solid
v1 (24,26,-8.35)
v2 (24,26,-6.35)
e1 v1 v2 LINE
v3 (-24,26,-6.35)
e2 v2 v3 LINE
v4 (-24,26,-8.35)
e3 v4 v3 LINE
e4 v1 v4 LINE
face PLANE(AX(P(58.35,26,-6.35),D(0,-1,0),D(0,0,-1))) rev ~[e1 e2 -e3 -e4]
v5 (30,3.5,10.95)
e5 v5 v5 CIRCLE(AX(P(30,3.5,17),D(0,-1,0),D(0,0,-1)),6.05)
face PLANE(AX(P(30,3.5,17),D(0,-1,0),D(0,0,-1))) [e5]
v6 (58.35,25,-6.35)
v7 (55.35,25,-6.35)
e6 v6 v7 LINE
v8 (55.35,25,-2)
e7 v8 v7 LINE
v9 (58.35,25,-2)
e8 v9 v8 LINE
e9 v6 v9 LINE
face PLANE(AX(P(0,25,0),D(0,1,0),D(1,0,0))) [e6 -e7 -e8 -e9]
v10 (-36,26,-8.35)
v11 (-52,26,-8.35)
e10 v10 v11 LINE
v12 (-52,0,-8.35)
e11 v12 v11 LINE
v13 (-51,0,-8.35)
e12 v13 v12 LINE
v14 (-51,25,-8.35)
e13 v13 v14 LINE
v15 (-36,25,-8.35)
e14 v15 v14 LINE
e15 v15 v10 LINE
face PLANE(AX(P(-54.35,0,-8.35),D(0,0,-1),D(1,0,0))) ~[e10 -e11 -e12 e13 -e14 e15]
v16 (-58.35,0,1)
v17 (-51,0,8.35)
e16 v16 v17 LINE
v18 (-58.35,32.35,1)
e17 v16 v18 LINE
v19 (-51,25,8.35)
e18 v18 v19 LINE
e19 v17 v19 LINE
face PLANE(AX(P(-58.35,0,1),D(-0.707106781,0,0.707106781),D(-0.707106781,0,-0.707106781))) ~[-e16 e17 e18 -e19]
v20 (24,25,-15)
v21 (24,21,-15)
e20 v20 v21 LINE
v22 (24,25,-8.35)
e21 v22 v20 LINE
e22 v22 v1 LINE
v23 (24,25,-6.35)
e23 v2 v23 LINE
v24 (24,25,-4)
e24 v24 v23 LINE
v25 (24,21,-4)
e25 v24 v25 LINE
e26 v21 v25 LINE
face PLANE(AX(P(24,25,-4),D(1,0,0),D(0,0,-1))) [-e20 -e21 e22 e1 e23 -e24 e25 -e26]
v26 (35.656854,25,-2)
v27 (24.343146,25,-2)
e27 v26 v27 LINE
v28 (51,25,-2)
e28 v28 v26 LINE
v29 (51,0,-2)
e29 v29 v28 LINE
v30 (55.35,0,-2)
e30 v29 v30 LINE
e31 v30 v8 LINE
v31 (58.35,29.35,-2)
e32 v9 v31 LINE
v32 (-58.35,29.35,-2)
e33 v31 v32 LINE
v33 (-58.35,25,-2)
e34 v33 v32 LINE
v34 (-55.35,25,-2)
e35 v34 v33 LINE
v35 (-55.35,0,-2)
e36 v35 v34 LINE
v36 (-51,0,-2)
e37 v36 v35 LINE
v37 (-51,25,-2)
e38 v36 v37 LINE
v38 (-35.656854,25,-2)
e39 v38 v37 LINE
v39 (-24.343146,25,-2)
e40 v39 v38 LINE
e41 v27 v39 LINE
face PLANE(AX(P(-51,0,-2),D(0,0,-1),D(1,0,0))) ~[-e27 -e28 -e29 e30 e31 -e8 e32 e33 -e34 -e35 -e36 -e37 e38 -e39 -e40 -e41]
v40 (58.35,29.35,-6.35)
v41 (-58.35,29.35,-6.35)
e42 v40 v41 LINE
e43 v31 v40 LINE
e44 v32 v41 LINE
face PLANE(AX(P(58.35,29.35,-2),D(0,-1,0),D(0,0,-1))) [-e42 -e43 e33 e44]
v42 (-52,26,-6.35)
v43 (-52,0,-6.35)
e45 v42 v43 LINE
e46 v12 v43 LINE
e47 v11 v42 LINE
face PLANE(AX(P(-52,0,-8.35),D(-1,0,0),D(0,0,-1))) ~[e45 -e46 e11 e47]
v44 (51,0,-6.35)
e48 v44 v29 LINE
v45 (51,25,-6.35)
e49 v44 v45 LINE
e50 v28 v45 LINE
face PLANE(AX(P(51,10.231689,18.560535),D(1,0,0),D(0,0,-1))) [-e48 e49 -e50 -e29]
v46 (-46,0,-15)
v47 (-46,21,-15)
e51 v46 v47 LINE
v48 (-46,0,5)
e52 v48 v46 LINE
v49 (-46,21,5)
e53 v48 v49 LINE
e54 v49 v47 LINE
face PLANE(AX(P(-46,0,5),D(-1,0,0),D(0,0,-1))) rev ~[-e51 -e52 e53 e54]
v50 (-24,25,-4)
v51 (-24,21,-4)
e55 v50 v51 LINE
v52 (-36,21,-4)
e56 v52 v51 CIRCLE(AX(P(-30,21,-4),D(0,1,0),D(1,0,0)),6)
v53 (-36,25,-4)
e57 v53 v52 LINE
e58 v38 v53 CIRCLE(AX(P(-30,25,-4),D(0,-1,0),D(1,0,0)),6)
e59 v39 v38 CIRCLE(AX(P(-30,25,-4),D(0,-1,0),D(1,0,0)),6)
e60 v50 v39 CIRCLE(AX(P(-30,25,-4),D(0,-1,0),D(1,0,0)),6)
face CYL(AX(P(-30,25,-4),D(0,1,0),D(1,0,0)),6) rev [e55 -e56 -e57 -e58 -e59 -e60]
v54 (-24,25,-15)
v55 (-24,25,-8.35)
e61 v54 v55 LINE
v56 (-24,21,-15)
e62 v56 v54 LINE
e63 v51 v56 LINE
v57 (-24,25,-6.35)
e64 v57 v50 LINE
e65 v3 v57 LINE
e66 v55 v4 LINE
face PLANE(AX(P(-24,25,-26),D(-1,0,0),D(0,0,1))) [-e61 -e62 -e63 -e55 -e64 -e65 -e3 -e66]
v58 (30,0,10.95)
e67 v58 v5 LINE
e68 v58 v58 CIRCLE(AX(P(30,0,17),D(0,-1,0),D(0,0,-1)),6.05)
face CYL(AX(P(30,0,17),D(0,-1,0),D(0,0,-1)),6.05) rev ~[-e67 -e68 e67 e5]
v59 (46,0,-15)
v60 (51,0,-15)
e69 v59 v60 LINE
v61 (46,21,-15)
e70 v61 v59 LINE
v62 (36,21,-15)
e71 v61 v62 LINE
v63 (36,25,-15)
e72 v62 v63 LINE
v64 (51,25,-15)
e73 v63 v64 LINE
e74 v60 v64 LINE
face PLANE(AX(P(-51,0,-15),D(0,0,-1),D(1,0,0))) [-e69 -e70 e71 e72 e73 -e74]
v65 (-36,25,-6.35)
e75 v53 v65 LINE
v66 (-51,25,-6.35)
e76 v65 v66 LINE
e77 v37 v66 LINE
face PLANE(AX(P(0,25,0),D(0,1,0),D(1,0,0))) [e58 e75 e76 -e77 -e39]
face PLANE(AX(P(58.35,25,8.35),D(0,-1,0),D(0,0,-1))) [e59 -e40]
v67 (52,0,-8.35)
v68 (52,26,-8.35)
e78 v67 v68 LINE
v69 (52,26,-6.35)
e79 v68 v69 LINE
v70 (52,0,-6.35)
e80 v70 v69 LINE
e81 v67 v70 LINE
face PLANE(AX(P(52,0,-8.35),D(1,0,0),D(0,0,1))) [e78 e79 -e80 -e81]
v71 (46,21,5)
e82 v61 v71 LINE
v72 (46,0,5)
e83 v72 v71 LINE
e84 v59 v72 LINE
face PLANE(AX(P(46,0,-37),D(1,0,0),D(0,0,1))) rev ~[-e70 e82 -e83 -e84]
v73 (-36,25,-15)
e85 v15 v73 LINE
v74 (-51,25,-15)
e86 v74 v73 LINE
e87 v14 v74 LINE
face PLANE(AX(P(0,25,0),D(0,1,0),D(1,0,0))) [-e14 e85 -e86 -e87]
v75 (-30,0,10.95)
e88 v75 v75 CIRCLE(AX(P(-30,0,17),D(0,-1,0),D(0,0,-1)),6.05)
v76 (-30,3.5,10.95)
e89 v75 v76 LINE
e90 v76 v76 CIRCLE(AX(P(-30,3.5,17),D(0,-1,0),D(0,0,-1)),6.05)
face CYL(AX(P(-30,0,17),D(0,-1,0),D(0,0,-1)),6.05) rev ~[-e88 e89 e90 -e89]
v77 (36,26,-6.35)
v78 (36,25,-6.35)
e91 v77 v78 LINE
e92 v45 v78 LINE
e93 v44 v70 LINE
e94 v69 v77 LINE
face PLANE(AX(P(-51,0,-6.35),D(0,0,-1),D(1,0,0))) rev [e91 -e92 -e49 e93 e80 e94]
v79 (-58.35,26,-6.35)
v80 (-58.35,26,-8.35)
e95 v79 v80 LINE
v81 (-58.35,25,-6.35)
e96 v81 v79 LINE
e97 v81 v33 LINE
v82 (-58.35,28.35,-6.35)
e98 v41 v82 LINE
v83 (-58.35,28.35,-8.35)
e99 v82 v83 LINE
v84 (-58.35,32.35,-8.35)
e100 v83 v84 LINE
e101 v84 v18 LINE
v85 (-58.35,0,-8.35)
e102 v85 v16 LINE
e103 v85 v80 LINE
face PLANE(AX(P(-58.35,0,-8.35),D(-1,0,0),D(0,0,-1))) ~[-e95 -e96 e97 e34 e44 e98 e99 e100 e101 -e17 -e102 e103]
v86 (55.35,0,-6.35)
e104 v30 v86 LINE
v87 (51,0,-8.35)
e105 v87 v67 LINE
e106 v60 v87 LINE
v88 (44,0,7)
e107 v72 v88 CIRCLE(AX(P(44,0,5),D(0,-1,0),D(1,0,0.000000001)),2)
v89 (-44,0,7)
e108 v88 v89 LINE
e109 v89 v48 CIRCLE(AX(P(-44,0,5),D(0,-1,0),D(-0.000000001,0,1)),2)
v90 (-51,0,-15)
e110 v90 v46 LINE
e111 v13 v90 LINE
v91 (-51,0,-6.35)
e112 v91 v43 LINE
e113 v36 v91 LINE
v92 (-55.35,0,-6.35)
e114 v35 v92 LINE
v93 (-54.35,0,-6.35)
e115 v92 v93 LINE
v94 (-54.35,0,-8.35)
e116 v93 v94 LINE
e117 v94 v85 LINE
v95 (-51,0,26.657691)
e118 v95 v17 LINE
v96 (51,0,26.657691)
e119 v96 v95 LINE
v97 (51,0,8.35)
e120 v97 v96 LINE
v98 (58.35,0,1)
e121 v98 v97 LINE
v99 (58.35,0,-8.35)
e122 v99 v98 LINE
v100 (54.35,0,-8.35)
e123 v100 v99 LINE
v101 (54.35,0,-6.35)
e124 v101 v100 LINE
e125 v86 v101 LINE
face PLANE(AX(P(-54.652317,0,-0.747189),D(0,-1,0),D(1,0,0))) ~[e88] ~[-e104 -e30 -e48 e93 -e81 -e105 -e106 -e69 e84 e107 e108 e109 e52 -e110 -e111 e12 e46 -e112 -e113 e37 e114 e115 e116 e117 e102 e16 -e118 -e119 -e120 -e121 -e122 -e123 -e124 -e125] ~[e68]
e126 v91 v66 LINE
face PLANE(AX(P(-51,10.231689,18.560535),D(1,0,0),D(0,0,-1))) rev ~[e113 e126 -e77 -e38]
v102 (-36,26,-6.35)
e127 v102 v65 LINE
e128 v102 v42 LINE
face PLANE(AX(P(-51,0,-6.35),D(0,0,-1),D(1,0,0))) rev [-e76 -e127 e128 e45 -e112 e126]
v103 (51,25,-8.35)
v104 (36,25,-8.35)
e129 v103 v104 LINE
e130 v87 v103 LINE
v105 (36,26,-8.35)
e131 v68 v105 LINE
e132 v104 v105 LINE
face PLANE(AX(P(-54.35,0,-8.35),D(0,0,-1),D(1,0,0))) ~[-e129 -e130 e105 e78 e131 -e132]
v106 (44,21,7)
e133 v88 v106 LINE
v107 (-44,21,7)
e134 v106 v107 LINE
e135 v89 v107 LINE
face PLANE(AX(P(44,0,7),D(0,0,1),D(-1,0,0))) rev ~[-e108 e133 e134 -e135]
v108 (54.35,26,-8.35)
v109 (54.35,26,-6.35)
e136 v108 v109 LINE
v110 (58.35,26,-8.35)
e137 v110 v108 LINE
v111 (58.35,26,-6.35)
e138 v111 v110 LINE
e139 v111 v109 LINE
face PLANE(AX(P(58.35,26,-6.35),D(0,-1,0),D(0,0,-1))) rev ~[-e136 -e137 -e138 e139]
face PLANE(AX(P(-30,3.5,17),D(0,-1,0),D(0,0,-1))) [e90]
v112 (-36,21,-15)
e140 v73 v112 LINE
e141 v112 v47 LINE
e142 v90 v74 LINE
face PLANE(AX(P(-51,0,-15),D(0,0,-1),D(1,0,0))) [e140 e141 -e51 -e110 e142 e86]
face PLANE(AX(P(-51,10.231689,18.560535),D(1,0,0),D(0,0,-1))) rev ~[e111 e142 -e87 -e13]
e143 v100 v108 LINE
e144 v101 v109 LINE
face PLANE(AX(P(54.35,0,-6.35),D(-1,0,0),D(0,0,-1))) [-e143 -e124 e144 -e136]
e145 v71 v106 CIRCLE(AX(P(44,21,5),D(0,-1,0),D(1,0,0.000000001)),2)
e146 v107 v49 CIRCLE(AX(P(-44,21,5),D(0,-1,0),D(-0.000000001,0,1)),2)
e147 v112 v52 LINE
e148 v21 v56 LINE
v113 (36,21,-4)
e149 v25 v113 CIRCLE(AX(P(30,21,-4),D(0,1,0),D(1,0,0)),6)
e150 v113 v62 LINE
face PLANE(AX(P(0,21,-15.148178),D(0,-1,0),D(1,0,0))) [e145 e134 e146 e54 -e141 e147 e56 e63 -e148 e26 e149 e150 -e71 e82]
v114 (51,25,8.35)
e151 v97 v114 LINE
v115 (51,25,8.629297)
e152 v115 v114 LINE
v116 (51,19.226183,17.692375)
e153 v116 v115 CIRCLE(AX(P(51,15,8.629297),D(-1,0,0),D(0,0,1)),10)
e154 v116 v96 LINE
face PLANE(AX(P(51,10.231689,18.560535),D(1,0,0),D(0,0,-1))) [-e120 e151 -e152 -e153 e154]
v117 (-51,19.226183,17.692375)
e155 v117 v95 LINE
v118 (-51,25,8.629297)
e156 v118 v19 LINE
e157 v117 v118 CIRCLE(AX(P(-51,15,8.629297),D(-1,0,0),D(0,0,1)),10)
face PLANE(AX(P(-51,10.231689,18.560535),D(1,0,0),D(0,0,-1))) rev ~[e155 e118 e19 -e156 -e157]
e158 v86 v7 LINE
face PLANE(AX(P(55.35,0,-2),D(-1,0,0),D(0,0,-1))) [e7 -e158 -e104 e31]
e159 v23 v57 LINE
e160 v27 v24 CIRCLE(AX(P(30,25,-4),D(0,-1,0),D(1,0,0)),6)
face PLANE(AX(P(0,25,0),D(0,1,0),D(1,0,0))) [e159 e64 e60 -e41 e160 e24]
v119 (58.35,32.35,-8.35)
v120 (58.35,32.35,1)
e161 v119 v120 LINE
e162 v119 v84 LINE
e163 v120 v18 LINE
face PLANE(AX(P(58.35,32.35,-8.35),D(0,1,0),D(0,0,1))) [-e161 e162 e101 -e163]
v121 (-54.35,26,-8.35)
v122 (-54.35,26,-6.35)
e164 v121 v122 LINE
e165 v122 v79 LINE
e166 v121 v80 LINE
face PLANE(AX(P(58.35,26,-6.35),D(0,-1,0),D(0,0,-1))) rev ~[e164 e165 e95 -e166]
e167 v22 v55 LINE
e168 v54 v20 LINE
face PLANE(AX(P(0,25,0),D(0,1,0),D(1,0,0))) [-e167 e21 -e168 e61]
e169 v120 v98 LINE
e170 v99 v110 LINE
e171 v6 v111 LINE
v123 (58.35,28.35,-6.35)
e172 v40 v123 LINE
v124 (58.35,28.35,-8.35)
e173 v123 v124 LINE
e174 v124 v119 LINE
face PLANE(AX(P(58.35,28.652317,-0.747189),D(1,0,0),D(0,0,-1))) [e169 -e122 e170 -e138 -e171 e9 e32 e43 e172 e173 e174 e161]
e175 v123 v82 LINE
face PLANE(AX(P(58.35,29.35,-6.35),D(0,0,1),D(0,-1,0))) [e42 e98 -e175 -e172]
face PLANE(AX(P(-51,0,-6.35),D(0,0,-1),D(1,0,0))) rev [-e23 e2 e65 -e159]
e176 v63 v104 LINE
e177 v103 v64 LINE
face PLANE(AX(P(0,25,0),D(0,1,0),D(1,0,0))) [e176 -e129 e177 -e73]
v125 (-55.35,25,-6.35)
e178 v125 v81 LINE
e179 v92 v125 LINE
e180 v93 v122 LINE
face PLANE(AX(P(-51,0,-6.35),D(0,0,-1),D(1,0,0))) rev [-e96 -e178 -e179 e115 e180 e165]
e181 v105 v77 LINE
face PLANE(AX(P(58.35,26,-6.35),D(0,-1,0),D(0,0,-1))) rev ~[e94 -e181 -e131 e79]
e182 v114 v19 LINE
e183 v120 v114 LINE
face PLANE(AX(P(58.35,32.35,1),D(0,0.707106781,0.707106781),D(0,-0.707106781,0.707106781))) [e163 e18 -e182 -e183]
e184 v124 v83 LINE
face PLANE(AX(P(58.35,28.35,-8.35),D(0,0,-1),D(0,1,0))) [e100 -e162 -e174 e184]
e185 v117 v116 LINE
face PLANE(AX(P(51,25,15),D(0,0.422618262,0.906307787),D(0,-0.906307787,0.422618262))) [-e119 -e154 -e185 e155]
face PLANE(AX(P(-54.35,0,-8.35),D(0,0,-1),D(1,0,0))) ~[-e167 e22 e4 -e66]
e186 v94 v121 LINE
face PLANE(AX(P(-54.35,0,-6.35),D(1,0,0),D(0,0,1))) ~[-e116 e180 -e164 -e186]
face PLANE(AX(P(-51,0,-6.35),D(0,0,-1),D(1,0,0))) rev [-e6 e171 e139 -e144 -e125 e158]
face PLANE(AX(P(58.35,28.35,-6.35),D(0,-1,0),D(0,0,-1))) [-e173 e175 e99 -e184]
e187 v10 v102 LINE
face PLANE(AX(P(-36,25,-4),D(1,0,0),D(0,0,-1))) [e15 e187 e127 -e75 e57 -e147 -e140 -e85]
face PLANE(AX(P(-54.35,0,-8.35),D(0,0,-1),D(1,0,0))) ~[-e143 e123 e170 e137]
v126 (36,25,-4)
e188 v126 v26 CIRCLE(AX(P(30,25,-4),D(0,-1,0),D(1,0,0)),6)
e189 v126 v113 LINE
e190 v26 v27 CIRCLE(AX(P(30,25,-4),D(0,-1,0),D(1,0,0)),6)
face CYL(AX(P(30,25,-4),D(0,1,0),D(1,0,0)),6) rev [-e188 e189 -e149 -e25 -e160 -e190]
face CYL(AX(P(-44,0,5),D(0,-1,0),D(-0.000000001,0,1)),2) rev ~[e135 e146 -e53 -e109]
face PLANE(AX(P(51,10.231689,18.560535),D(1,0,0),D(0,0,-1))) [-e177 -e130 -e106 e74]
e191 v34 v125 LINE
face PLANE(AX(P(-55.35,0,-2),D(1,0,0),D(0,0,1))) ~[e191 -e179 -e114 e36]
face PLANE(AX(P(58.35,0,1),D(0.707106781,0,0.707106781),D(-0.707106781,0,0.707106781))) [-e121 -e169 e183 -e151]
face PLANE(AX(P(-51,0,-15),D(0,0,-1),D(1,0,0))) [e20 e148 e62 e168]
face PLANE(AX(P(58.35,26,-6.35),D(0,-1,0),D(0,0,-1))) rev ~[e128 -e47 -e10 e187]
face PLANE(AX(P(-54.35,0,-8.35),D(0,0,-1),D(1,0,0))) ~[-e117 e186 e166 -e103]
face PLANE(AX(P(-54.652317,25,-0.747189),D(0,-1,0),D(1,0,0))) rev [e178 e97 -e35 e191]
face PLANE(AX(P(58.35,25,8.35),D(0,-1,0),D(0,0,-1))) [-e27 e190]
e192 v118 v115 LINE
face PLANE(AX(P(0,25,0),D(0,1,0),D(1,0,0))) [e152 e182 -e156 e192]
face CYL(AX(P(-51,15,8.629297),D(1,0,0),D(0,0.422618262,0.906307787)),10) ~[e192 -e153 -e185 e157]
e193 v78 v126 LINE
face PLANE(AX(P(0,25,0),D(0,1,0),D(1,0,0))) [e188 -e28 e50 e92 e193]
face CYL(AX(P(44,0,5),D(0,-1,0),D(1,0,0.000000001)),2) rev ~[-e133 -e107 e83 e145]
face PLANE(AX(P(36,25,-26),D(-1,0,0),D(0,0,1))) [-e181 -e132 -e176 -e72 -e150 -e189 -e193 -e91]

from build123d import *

# Parameters (mm, degrees)
SKETCH1_W           = 102
SKETCH1_H           = 30
BOSS_EXTRUDE1_DEPTH = 25
CUT_EXTRUDE1_DEPTH  = 21
BOSS_EXTRUDE2_DEPTH = 102
SKETCH4_R           = 6.05
CUT_EXTRUDE2_DEPTH  = 3.5
FILLET1_R           = 10
CUT_EXTRUDE3_DEPTH  = 23.5
SKETCH6_W           = 1
SKETCH6_H           = 2
BOSS_EXTRUDE3_DEPTH = 25
SKETCH7_W           = 2
SKETCH7_H           = 1
BOSS_EXTRUDE4_DEPTH = 116.7
CUT_EXTRUDE4_DEPTH  = 7.35
SKETCH9_W           = 2.35
SKETCH9_H           = 1
SKETCH9_W_2         = 12
CUT_EXTRUDE5_DEPTH  = 3


with BuildPart() as part:
    # Sketch1 → Boss-Extrude1 (new body)
    with BuildSketch(Plane(origin=(0, 0, 0), x_dir=(1, 0, 0), z_dir=(0, 1, 0))):
        Rectangle(SKETCH1_W, SKETCH1_H)
    extrude(amount=BOSS_EXTRUDE1_DEPTH)

    # Sketch2 → Cut-Extrude1 (cut)
    with BuildSketch(Plane.XZ):
        with BuildLine():
            Line((-46, -37), (46, -37))
            Line((46, -37), (46, 5))
            ThreePointArc((46, 5), (45.414213562, 6.414213562), (44, 7))
            Line((44, 7), (-44, 7))
            ThreePointArc((-44, 7), (-45.414213562, 6.414213562), (-46, 5))
            Line((-46, 5), (-46, -37))
        make_face()
    extrude(amount=-CUT_EXTRUDE1_DEPTH, mode=Mode.SUBTRACT)

    # Sketch3 → Boss-Extrude2 (add)
    with BuildSketch(Plane(origin=(51, 0, 0), x_dir=(0, 0, -1), z_dir=(1, 0, 0))):
        Polygon((-15, 25), (-26.657691454, 0), (-15, 0), align=None)
    extrude(amount=-BOSS_EXTRUDE2_DEPTH)

    # Sketch4 → Cut-Extrude2 (cut)
    with BuildSketch(Plane.XZ):
        with Locations(Location((-30, 17, 0), (0, 0, 270))):
            Circle(SKETCH4_R)
        with Locations(Location((30, 17, 0), (0, 0, 270))):
            Circle(SKETCH4_R)
    extrude(amount=-CUT_EXTRUDE2_DEPTH, mode=Mode.SUBTRACT)

    # Fillet1
    fillet1_edges = [part.edges().sort_by_distance(p)[0] for p in [
        (0, 25, 15),
    ]]
    fillet(fillet1_edges, radius=FILLET1_R)

    # Sketch5 → Cut-Extrude3 (cut)
    with BuildSketch(Plane(origin=(0, 25, 0), x_dir=(1, 0, 0), z_dir=(0, 1, 0))):
        with BuildLine():
            Line((-24, 26), (-24, 4))
            ThreePointArc((-24, 4), (-30, -2), (-36, 4))
            Line((-36, 4), (-36, 26))
            ThreePointArc((-36, 26), (-30, 32), (-24, 26))
        make_face()
        with BuildLine():
            Line((24, 4), (24, 26))
            ThreePointArc((24, 26), (30, 32), (36, 26))
            Line((36, 26), (36, 4))
            ThreePointArc((36, 4), (30, -2), (24, 4))
        make_face()
    extrude(amount=-CUT_EXTRUDE3_DEPTH, mode=Mode.SUBTRACT)

    # Sketch6 → Boss-Extrude3 (add)
    with BuildSketch(Plane.XZ):
        Polygon((51, -2), (55.35, -2), (55.35, -6.35), (54.35, -6.35), (54.35, -8.35), (58.35, -8.35), (58.35, 1), (51, 8.35), align=None)
        with Locations((51.5, -7.35)):
            Rectangle(SKETCH6_W, SKETCH6_H)
    boss_extrude3 = extrude(amount=-BOSS_EXTRUDE3_DEPTH)

    # Sketch7 → Boss-Extrude4 (add)
    with BuildSketch(Plane(origin=(58.35, 0, 0), x_dir=(0, 0, -1), z_dir=(1, 0, 0))):
        Polygon((2, 25), (2, 29.35), (6.35, 29.35), (6.35, 28.35), (8.35, 28.35), (8.35, 32.35), (-1, 32.35), (-8.35, 25), align=None)
        with Locations((7.35, 25.5)):
            Rectangle(SKETCH7_W, SKETCH7_H)
    extrude(amount=-BOSS_EXTRUDE4_DEPTH)

    # Sketch8 → Cut-Extrude4 (cut)
    with BuildSketch(Plane.XZ.offset(-25)):
        Polygon((58.35, 8.35), (51, 8.35), (58.35, 1), align=None)
    cut_extrude4 = extrude(amount=-CUT_EXTRUDE4_DEPTH, mode=Mode.SUBTRACT)

    # Mirror1: Boss-Extrude3, Cut-Extrude4 across plane
    add(boss_extrude3.mirror(Plane(origin=(0, 0, 0), x_dir=(0, 0, 1), z_dir=(1, 0, 0))))
    add(cut_extrude4.mirror(Plane(origin=(0, 0, 0), x_dir=(0, 0, 1), z_dir=(1, 0, 0))), mode=Mode.SUBTRACT)

    # Sketch9 → Cut-Extrude5 (cut)
    with BuildSketch(Plane(origin=(0, 0, -8.35), x_dir=(-1, 0, 0), z_dir=(0, 0, -1))):
        with Locations((-53.175, 25.5)):
            Rectangle(SKETCH9_W, SKETCH9_H)
        with Locations((-30, 25.5)):
            Rectangle(SKETCH9_W_2, SKETCH9_H)
        with Locations((53.175, 25.5)):
            Rectangle(SKETCH9_W, SKETCH9_H)
        with Locations((30, 25.5)):
            Rectangle(SKETCH9_W_2, SKETCH9_H)
    extrude(amount=-CUT_EXTRUDE5_DEPTH, mode=Mode.SUBTRACT)


solid = part.part
